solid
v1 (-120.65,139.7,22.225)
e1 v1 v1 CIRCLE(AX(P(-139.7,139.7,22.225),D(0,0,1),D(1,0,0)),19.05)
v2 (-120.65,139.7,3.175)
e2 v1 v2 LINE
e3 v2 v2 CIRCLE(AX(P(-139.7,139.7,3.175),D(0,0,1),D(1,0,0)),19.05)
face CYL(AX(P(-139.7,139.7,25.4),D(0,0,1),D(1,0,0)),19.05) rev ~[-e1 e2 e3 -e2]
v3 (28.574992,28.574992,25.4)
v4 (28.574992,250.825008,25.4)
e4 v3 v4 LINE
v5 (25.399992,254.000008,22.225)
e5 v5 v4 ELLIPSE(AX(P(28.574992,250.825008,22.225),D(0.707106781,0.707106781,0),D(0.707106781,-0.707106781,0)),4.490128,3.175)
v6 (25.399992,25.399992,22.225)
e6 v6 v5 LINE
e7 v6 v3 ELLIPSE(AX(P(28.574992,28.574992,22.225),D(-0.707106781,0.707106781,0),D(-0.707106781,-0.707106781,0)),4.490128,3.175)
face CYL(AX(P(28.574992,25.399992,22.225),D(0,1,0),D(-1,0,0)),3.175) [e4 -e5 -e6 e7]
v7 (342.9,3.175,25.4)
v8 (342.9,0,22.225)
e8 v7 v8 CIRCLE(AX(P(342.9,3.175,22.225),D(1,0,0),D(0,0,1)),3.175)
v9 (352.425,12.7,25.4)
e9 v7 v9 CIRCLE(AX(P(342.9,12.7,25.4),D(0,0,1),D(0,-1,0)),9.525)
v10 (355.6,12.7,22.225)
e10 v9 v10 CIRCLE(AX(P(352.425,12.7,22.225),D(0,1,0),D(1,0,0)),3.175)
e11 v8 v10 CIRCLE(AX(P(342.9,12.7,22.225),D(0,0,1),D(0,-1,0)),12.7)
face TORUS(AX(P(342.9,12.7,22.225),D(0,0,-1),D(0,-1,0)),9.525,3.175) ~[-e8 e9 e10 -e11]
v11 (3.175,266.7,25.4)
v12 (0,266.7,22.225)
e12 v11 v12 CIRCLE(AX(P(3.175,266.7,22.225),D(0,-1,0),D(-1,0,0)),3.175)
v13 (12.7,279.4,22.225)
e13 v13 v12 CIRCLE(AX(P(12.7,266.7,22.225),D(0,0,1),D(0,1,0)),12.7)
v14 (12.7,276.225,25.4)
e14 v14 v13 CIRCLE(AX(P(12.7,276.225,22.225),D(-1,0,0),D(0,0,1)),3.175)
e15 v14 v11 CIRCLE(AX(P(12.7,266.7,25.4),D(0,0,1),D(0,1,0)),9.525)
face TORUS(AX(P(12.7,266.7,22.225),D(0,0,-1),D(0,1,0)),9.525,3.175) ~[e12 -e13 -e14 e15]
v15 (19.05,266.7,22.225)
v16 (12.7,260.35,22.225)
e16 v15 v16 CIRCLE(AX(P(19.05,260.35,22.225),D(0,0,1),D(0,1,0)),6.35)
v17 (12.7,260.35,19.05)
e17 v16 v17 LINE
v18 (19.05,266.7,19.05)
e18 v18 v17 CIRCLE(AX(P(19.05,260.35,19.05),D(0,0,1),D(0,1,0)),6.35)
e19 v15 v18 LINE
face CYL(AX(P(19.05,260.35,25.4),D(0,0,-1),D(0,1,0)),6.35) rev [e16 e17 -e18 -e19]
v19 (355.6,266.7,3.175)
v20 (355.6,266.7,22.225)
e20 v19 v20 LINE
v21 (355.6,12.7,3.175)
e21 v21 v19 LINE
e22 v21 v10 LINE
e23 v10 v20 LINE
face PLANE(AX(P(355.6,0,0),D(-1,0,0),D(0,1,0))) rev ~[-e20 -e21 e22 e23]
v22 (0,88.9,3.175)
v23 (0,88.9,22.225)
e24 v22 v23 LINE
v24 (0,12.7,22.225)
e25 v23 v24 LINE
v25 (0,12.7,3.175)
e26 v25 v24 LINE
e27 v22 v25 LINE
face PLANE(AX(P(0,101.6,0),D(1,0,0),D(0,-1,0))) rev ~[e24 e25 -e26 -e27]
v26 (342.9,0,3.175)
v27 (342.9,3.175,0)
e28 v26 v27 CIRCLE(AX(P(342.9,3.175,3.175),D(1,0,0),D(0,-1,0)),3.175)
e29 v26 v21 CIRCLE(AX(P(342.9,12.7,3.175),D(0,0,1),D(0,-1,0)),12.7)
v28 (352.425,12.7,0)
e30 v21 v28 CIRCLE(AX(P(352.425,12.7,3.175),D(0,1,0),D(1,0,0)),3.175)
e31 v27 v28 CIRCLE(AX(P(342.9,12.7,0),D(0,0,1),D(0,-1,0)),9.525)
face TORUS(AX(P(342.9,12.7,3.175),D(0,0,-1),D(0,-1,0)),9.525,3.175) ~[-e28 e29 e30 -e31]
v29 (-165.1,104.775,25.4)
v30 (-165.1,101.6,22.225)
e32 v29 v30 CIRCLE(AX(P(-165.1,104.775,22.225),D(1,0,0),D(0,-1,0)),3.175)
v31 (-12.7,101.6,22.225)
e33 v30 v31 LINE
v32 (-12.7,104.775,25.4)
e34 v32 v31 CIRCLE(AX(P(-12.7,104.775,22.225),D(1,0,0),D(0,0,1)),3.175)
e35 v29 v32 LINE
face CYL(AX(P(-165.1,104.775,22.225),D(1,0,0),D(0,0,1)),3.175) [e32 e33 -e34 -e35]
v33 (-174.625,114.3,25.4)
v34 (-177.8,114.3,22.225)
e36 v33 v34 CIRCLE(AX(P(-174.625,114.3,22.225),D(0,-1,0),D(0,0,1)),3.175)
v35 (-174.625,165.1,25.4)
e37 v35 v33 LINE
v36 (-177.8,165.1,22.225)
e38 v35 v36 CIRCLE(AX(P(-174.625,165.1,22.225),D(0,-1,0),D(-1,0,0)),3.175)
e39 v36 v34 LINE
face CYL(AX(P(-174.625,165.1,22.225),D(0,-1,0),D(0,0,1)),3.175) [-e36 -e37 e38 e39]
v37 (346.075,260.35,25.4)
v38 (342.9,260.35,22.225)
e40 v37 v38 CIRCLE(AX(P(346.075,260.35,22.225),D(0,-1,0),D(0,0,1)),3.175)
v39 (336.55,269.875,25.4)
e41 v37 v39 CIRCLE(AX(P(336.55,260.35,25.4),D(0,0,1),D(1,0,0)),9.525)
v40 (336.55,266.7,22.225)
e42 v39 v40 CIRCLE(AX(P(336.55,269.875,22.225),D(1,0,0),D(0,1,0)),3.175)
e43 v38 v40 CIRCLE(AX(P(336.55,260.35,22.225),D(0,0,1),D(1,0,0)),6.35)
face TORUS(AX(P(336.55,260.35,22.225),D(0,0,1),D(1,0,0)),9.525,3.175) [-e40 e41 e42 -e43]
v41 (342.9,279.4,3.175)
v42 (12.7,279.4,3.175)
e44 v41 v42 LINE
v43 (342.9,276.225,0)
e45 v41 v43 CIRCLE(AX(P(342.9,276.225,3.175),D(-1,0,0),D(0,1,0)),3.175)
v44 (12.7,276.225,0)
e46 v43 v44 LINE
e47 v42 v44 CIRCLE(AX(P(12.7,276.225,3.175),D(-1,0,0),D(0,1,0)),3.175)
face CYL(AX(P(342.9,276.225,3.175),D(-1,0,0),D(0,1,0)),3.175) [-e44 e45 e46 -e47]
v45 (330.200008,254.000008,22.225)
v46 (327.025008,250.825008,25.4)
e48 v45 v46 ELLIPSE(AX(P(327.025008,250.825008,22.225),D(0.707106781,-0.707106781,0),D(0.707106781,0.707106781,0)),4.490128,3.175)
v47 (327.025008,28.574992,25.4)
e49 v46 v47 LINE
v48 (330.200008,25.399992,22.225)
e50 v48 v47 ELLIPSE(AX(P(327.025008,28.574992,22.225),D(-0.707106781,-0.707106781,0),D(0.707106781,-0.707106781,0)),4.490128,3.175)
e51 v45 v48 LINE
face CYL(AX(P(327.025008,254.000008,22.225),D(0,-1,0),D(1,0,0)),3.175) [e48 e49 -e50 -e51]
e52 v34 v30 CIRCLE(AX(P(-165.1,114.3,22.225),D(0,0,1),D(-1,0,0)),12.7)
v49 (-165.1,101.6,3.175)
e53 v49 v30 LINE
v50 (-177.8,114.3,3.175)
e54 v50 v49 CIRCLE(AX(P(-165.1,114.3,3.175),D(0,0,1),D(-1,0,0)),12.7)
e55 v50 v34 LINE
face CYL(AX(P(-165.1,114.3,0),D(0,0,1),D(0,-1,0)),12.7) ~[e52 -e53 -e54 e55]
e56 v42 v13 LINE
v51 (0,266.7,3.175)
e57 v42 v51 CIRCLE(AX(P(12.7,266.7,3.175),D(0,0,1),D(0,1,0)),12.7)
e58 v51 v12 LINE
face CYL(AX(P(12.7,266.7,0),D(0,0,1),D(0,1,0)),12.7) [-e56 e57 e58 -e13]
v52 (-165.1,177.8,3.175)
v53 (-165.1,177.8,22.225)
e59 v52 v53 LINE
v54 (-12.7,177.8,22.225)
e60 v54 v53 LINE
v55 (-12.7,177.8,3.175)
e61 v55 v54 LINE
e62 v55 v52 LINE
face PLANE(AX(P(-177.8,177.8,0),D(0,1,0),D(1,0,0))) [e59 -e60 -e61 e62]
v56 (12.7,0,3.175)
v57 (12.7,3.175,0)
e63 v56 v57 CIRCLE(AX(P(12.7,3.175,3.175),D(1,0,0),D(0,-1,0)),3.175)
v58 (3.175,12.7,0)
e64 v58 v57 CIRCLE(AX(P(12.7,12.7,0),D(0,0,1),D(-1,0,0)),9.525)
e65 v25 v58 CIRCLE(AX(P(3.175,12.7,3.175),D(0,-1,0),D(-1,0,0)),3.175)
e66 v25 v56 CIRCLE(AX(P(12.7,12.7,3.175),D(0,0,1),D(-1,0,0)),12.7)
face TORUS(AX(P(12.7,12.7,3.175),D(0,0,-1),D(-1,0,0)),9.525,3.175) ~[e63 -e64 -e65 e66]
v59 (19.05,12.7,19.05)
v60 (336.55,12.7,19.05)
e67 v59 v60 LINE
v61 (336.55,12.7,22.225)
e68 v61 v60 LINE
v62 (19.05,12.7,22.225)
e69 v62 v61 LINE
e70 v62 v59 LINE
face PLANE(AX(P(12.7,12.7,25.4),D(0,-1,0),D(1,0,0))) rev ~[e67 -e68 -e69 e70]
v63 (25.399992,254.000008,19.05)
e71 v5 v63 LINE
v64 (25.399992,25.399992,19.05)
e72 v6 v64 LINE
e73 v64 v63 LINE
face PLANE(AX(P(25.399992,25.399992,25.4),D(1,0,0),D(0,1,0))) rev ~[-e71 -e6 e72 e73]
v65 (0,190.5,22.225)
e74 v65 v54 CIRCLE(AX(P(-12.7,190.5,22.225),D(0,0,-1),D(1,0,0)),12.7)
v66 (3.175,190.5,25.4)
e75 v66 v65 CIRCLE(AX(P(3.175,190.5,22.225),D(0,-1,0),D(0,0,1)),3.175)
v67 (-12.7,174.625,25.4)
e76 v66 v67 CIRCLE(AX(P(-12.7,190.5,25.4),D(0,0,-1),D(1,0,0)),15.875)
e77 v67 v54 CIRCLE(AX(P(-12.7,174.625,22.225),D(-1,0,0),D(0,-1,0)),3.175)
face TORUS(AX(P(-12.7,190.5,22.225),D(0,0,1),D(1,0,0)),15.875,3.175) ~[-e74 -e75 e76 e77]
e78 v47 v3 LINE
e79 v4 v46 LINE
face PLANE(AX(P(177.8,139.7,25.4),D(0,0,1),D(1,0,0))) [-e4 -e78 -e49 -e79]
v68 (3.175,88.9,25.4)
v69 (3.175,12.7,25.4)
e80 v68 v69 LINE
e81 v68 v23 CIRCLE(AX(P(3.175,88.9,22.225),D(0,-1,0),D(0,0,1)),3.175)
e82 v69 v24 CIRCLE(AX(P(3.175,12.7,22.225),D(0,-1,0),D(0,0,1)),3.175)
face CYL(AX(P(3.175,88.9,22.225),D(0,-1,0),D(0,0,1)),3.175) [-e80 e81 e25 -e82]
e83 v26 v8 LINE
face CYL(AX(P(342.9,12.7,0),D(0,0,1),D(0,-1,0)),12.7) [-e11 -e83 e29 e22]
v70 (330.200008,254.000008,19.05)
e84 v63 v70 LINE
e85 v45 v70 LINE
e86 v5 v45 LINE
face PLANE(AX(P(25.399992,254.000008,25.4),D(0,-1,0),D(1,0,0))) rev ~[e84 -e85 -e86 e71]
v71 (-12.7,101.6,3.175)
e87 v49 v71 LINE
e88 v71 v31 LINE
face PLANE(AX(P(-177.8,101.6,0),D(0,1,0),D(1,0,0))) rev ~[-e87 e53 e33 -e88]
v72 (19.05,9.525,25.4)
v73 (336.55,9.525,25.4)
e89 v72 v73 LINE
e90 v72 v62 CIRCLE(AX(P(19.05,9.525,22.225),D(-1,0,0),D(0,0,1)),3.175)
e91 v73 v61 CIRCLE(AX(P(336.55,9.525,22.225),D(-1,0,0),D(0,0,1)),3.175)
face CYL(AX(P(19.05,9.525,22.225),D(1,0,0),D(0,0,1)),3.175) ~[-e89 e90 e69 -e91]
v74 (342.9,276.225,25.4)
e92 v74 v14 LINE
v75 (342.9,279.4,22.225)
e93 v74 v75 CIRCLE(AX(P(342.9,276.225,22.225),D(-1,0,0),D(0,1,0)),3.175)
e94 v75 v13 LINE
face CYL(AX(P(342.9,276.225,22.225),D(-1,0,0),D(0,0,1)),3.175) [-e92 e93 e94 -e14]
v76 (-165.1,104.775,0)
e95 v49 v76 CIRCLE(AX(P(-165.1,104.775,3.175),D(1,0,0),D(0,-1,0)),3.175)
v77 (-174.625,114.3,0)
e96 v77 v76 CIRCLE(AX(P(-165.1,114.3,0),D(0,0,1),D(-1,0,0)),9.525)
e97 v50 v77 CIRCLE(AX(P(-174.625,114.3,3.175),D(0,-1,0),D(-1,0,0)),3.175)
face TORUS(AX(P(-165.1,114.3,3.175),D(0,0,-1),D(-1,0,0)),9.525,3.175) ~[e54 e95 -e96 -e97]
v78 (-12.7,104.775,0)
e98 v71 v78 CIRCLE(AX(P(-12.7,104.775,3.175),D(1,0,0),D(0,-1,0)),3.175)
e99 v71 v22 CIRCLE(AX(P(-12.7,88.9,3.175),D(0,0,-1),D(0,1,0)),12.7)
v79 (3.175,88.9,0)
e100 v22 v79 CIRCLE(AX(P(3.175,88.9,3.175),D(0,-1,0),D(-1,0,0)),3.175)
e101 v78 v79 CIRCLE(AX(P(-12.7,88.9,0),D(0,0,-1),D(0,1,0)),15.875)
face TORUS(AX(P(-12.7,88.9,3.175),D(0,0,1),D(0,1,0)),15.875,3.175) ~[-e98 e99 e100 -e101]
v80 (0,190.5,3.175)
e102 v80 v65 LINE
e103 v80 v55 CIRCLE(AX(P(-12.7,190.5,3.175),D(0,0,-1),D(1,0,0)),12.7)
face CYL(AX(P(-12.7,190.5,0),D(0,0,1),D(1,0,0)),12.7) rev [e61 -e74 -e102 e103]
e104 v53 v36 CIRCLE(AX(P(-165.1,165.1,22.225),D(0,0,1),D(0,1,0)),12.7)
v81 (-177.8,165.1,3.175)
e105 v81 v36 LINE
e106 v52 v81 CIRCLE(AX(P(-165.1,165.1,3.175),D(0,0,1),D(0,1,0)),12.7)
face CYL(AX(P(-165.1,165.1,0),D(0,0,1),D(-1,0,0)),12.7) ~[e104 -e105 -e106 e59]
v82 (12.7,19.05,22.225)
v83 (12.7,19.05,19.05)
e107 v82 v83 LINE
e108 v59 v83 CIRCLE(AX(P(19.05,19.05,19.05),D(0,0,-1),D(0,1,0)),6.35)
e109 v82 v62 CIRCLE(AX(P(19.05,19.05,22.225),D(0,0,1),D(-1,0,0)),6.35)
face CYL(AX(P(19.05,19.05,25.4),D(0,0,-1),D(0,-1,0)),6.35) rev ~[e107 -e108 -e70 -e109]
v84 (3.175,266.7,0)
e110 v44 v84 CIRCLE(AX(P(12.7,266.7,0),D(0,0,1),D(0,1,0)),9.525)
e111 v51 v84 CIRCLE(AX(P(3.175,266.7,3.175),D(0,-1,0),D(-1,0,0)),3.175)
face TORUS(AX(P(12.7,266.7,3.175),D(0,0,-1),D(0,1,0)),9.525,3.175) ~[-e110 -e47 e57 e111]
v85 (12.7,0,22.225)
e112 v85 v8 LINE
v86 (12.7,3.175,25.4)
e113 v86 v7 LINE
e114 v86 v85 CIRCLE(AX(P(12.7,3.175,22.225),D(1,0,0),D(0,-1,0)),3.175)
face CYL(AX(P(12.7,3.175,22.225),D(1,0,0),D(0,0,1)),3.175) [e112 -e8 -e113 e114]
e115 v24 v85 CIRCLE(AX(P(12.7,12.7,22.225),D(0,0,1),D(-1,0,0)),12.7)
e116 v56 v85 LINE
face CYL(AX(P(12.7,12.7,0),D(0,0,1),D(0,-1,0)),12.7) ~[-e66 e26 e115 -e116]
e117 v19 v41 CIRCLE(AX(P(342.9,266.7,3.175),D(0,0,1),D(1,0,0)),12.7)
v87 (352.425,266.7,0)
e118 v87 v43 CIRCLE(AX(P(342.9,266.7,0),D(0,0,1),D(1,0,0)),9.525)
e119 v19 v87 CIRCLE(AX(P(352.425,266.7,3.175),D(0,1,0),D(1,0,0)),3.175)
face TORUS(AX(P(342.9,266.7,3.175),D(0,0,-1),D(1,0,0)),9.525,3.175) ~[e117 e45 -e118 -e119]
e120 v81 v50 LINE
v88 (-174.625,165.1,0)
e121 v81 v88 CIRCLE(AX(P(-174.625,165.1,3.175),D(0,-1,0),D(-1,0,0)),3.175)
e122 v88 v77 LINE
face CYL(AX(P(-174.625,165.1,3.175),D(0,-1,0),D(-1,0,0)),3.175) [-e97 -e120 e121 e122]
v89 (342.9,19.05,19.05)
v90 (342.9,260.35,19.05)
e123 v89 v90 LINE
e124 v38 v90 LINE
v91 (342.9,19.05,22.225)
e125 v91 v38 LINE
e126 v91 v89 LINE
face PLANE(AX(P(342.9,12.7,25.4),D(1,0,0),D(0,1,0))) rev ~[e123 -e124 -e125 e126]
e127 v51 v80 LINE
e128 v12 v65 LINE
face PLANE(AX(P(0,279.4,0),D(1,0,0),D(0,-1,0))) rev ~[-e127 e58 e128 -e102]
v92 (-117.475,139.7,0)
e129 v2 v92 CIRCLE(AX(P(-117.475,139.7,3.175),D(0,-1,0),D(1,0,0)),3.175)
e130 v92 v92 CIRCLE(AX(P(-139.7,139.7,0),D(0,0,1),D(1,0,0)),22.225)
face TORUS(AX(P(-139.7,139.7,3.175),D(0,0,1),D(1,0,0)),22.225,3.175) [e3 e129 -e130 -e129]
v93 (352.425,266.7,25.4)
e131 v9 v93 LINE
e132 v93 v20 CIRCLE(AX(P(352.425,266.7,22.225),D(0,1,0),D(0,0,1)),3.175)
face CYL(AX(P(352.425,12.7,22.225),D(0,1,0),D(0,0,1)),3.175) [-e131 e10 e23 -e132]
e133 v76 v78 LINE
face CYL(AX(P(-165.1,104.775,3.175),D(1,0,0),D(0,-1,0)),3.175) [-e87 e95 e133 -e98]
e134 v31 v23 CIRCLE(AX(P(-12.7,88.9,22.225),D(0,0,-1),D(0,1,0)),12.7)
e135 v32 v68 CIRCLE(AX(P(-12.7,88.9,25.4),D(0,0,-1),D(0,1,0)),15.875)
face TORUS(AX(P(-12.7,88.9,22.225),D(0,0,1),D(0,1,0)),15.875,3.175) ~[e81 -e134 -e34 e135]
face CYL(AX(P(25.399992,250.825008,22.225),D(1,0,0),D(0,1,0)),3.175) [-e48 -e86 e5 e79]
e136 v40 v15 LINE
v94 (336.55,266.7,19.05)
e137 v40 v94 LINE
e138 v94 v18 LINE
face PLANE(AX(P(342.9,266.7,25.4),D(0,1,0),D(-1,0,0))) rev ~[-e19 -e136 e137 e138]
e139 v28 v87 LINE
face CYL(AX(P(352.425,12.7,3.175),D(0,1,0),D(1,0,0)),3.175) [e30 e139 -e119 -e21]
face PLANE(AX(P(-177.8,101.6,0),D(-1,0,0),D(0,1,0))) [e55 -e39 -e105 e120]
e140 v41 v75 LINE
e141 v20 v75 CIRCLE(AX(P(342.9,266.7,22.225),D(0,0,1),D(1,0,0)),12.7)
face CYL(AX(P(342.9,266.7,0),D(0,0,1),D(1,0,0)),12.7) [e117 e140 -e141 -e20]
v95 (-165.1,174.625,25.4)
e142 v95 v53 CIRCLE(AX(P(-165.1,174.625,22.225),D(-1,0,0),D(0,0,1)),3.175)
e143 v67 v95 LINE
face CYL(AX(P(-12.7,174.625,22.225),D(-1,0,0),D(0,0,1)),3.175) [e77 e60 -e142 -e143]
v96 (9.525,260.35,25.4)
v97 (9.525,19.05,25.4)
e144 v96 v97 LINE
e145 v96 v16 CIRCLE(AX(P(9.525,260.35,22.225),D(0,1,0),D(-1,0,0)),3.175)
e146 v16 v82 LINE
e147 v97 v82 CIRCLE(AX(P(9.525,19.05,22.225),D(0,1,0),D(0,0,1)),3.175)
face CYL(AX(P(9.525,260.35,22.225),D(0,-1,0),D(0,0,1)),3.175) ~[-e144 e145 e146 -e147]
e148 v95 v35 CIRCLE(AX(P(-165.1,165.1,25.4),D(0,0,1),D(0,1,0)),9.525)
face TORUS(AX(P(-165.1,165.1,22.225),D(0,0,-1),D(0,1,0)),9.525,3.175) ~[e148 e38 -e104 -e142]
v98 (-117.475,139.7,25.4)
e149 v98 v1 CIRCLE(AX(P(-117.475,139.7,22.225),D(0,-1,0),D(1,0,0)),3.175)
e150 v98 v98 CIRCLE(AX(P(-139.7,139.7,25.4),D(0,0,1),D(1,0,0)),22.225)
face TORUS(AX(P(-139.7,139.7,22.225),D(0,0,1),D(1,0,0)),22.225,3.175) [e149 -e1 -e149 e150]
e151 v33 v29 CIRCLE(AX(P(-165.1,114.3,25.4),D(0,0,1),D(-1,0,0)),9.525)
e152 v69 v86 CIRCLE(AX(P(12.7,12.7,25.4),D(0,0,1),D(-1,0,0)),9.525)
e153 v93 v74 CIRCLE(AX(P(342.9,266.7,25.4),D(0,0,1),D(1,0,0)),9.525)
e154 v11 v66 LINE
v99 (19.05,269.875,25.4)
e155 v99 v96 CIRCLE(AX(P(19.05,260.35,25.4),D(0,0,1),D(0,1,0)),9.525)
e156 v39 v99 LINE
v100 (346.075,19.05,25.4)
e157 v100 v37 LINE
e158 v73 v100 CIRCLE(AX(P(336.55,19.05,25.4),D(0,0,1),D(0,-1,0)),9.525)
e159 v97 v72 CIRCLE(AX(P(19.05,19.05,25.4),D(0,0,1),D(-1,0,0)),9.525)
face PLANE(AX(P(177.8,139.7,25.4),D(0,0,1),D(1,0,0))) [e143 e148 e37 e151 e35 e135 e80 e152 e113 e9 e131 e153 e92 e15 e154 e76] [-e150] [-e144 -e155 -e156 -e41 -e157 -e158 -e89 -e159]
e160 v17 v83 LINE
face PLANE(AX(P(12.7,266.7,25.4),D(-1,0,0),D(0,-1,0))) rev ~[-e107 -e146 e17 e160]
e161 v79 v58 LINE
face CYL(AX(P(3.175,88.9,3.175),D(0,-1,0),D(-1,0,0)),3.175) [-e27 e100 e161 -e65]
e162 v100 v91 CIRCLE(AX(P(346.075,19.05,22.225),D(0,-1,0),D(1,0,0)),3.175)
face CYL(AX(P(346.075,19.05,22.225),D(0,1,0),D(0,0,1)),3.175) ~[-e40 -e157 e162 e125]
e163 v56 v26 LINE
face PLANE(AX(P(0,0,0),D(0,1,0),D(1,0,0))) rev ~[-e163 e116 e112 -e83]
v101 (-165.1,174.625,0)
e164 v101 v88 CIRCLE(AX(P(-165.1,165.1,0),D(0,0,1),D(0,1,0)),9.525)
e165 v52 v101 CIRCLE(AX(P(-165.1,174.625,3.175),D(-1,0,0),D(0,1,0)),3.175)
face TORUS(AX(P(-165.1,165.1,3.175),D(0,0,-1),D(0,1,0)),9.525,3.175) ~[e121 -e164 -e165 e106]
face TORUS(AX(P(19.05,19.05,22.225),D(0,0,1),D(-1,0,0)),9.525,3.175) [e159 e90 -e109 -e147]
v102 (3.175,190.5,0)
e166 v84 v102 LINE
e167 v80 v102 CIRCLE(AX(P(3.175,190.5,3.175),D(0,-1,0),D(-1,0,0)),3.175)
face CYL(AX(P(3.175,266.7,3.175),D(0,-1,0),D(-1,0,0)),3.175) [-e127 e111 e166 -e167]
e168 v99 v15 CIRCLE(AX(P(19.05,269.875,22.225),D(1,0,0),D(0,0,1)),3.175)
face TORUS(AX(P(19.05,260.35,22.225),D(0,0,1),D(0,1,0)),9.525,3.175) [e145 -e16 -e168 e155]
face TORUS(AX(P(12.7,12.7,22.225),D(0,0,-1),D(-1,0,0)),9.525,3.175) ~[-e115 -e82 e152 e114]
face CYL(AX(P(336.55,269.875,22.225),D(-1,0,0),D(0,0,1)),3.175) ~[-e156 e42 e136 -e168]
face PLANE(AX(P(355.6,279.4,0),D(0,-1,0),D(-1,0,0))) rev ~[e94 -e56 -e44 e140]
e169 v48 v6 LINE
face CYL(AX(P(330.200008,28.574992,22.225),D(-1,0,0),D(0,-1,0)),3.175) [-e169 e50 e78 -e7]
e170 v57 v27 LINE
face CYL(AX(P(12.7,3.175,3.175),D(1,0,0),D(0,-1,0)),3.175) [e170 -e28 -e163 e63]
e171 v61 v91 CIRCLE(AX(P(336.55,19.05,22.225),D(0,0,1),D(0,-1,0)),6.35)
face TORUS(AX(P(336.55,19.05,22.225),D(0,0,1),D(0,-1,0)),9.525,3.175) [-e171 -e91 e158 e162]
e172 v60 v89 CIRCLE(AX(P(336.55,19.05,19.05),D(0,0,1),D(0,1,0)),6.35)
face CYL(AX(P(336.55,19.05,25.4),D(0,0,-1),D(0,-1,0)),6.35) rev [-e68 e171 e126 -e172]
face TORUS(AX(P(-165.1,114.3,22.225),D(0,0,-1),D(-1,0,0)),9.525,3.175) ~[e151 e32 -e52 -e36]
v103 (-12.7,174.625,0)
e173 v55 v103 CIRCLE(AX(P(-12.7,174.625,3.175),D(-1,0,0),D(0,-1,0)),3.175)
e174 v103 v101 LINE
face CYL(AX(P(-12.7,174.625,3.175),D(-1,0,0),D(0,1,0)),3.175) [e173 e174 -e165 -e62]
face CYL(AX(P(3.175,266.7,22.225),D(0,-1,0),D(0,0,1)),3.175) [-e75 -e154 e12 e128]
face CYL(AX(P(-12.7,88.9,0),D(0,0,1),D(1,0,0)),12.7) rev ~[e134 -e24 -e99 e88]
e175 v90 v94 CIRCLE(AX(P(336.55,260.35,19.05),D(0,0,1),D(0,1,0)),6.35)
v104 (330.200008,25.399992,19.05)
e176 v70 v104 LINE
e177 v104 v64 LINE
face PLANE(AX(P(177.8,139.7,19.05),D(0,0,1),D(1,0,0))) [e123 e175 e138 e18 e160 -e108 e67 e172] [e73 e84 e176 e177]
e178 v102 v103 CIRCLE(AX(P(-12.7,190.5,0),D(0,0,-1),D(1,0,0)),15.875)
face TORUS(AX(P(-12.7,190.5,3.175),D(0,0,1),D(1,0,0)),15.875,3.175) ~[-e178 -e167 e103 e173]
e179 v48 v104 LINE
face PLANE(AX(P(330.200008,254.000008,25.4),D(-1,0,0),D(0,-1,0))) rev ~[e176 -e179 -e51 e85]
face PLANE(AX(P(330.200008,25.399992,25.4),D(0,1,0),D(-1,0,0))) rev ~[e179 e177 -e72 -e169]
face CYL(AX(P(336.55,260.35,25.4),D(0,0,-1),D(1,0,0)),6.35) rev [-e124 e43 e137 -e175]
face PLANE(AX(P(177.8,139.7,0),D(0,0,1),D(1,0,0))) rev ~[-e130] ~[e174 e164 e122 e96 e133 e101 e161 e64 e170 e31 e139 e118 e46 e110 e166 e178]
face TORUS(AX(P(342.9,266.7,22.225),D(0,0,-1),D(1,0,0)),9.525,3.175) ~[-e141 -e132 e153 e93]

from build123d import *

# Parameters (mm, degrees)
F0_W     = 177.8
F0_H     = 76.2
F1_DEPTH = 25.4
F2_R     = 19.05
F3_DEPTH = 25.4
F5_DEPTH = 6.35
F6_R     = 6.35
F7_R     = 12.7
F8_R     = 3.175


with BuildPart() as f1:
    # F0 (on Top) → F1 (new body)
    with BuildSketch(Plane.XY):
        Polygon((0, 101.6), (0, 0), (355.6, 0), (355.6, 279.4), (0, 279.4), (0, 177.8), align=None)
        with Locations((-88.9, 139.7)):
            Rectangle(F0_W, F0_H)
    extrude(amount=F1_DEPTH)

    # F2 (on face) → F3 (cut)
    with BuildSketch(Plane.XY.offset(25.4)):
        with Locations((-139.7, 139.7)):
            Circle(F2_R)
    extrude(amount=-F3_DEPTH, mode=Mode.SUBTRACT)

    # F4 (on face) → F5 (cut)
    with BuildSketch(Plane.XY.offset(25.4)):
        Polygon((12.7000004292, 101.6), (12.7000004292, 12.7000004292), (342.8999995708, 12.7000004292), (342.8999995708, 266.6999995708), (12.7000004292, 266.6999995708), (12.7000004292, 177.8), align=None)
        Polygon((25.3999918938, 101.6), (25.3999918938, 177.8), (25.3999918938, 254.0000081062), (330.2000081062, 254.0000081062), (330.2000081062, 25.3999918938), (25.3999918938, 25.3999918938), align=None, mode=Mode.SUBTRACT)
    extrude(amount=-F5_DEPTH, mode=Mode.SUBTRACT)

    # F6
    f6_edges = [f1.edges().sort_by_distance(p)[0] for p in [
        (12.7, 266.7, 22.225),
        (342.9, 266.7, 22.225),
        (12.7, 12.7, 22.225),
        (342.9, 12.7, 22.225),
    ]]
    fillet(f6_edges, radius=F6_R)

    # F7
    f7_edges = [f1.edges().sort_by_distance(p)[0] for p in [
        (0, 101.6, 12.7),
        (0, 177.8, 12.7),
        (0, 279.4, 12.7),
        (0, 0, 12.7),
        (-177.8, 101.6, 12.7),
        (-177.8, 177.8, 12.7),
        (355.6, 279.4, 12.7),
        (355.6, 0, 12.7),
    ]]
    fillet(f7_edges, radius=F7_R)

    # F8
    f8_edges = [f1.edges().sort_by_distance(p)[0] for p in [
        (177.8, 254.000008, 25.4),
        (330.200008, 139.7, 25.4),
        (177.8, 25.399992, 25.4),
        (25.399992, 139.7, 25.4),
        (0, 50.8, 25.4),
        (-3.719744, 97.880256, 25.4),
        (3.719744, 3.719744, 25.4),
        (-88.9, 101.6, 25.4),
        (177.8, 0, 25.4),
        (-174.080256, 105.319744, 25.4),
        (351.880256, 3.719744, 25.4),
        (-177.8, 139.7, 25.4),
        (355.6, 139.7, 25.4),
        (-174.080256, 174.080256, 25.4),
        (351.880256, 275.680256, 25.4),
        (-88.9, 177.8, 25.4),
        (177.8, 279.4, 25.4),
        (-3.719744, 181.519744, 25.4),
        (3.719744, 275.680256, 25.4),
        (0, 228.6, 25.4),
        (177.8, 12.7, 25.4),
        (14.559872, 14.559872, 25.4),
        (341.040128, 14.559872, 25.4),
        (12.7, 139.7, 25.4),
        (342.9, 139.7, 25.4),
        (14.559872, 264.840128, 25.4),
        (341.040128, 264.840128, 25.4),
        (177.8, 266.7, 25.4),
        (-158.75, 139.7, 25.4),
        (0, 50.8, 0),
        (-3.719744, 97.880256, 0),
        (3.719744, 3.719744, 0),
        (-88.9, 101.6, 0),
        (177.8, 0, 0),
        (-174.080256, 105.319744, 0),
        (351.880256, 3.719744, 0),
        (-177.8, 139.7, 0),
        (355.6, 139.7, 0),
        (-174.080256, 174.080256, 0),
        (351.880256, 275.680256, 0),
        (-88.9, 177.8, 0),
        (177.8, 279.4, 0),
        (-3.719744, 181.519744, 0),
        (3.719744, 275.680256, 0),
        (0, 228.6, 0),
        (-158.75, 139.7, 0),
    ]]
    fillet(f8_edges, radius=F8_R)


solid = f1.part
